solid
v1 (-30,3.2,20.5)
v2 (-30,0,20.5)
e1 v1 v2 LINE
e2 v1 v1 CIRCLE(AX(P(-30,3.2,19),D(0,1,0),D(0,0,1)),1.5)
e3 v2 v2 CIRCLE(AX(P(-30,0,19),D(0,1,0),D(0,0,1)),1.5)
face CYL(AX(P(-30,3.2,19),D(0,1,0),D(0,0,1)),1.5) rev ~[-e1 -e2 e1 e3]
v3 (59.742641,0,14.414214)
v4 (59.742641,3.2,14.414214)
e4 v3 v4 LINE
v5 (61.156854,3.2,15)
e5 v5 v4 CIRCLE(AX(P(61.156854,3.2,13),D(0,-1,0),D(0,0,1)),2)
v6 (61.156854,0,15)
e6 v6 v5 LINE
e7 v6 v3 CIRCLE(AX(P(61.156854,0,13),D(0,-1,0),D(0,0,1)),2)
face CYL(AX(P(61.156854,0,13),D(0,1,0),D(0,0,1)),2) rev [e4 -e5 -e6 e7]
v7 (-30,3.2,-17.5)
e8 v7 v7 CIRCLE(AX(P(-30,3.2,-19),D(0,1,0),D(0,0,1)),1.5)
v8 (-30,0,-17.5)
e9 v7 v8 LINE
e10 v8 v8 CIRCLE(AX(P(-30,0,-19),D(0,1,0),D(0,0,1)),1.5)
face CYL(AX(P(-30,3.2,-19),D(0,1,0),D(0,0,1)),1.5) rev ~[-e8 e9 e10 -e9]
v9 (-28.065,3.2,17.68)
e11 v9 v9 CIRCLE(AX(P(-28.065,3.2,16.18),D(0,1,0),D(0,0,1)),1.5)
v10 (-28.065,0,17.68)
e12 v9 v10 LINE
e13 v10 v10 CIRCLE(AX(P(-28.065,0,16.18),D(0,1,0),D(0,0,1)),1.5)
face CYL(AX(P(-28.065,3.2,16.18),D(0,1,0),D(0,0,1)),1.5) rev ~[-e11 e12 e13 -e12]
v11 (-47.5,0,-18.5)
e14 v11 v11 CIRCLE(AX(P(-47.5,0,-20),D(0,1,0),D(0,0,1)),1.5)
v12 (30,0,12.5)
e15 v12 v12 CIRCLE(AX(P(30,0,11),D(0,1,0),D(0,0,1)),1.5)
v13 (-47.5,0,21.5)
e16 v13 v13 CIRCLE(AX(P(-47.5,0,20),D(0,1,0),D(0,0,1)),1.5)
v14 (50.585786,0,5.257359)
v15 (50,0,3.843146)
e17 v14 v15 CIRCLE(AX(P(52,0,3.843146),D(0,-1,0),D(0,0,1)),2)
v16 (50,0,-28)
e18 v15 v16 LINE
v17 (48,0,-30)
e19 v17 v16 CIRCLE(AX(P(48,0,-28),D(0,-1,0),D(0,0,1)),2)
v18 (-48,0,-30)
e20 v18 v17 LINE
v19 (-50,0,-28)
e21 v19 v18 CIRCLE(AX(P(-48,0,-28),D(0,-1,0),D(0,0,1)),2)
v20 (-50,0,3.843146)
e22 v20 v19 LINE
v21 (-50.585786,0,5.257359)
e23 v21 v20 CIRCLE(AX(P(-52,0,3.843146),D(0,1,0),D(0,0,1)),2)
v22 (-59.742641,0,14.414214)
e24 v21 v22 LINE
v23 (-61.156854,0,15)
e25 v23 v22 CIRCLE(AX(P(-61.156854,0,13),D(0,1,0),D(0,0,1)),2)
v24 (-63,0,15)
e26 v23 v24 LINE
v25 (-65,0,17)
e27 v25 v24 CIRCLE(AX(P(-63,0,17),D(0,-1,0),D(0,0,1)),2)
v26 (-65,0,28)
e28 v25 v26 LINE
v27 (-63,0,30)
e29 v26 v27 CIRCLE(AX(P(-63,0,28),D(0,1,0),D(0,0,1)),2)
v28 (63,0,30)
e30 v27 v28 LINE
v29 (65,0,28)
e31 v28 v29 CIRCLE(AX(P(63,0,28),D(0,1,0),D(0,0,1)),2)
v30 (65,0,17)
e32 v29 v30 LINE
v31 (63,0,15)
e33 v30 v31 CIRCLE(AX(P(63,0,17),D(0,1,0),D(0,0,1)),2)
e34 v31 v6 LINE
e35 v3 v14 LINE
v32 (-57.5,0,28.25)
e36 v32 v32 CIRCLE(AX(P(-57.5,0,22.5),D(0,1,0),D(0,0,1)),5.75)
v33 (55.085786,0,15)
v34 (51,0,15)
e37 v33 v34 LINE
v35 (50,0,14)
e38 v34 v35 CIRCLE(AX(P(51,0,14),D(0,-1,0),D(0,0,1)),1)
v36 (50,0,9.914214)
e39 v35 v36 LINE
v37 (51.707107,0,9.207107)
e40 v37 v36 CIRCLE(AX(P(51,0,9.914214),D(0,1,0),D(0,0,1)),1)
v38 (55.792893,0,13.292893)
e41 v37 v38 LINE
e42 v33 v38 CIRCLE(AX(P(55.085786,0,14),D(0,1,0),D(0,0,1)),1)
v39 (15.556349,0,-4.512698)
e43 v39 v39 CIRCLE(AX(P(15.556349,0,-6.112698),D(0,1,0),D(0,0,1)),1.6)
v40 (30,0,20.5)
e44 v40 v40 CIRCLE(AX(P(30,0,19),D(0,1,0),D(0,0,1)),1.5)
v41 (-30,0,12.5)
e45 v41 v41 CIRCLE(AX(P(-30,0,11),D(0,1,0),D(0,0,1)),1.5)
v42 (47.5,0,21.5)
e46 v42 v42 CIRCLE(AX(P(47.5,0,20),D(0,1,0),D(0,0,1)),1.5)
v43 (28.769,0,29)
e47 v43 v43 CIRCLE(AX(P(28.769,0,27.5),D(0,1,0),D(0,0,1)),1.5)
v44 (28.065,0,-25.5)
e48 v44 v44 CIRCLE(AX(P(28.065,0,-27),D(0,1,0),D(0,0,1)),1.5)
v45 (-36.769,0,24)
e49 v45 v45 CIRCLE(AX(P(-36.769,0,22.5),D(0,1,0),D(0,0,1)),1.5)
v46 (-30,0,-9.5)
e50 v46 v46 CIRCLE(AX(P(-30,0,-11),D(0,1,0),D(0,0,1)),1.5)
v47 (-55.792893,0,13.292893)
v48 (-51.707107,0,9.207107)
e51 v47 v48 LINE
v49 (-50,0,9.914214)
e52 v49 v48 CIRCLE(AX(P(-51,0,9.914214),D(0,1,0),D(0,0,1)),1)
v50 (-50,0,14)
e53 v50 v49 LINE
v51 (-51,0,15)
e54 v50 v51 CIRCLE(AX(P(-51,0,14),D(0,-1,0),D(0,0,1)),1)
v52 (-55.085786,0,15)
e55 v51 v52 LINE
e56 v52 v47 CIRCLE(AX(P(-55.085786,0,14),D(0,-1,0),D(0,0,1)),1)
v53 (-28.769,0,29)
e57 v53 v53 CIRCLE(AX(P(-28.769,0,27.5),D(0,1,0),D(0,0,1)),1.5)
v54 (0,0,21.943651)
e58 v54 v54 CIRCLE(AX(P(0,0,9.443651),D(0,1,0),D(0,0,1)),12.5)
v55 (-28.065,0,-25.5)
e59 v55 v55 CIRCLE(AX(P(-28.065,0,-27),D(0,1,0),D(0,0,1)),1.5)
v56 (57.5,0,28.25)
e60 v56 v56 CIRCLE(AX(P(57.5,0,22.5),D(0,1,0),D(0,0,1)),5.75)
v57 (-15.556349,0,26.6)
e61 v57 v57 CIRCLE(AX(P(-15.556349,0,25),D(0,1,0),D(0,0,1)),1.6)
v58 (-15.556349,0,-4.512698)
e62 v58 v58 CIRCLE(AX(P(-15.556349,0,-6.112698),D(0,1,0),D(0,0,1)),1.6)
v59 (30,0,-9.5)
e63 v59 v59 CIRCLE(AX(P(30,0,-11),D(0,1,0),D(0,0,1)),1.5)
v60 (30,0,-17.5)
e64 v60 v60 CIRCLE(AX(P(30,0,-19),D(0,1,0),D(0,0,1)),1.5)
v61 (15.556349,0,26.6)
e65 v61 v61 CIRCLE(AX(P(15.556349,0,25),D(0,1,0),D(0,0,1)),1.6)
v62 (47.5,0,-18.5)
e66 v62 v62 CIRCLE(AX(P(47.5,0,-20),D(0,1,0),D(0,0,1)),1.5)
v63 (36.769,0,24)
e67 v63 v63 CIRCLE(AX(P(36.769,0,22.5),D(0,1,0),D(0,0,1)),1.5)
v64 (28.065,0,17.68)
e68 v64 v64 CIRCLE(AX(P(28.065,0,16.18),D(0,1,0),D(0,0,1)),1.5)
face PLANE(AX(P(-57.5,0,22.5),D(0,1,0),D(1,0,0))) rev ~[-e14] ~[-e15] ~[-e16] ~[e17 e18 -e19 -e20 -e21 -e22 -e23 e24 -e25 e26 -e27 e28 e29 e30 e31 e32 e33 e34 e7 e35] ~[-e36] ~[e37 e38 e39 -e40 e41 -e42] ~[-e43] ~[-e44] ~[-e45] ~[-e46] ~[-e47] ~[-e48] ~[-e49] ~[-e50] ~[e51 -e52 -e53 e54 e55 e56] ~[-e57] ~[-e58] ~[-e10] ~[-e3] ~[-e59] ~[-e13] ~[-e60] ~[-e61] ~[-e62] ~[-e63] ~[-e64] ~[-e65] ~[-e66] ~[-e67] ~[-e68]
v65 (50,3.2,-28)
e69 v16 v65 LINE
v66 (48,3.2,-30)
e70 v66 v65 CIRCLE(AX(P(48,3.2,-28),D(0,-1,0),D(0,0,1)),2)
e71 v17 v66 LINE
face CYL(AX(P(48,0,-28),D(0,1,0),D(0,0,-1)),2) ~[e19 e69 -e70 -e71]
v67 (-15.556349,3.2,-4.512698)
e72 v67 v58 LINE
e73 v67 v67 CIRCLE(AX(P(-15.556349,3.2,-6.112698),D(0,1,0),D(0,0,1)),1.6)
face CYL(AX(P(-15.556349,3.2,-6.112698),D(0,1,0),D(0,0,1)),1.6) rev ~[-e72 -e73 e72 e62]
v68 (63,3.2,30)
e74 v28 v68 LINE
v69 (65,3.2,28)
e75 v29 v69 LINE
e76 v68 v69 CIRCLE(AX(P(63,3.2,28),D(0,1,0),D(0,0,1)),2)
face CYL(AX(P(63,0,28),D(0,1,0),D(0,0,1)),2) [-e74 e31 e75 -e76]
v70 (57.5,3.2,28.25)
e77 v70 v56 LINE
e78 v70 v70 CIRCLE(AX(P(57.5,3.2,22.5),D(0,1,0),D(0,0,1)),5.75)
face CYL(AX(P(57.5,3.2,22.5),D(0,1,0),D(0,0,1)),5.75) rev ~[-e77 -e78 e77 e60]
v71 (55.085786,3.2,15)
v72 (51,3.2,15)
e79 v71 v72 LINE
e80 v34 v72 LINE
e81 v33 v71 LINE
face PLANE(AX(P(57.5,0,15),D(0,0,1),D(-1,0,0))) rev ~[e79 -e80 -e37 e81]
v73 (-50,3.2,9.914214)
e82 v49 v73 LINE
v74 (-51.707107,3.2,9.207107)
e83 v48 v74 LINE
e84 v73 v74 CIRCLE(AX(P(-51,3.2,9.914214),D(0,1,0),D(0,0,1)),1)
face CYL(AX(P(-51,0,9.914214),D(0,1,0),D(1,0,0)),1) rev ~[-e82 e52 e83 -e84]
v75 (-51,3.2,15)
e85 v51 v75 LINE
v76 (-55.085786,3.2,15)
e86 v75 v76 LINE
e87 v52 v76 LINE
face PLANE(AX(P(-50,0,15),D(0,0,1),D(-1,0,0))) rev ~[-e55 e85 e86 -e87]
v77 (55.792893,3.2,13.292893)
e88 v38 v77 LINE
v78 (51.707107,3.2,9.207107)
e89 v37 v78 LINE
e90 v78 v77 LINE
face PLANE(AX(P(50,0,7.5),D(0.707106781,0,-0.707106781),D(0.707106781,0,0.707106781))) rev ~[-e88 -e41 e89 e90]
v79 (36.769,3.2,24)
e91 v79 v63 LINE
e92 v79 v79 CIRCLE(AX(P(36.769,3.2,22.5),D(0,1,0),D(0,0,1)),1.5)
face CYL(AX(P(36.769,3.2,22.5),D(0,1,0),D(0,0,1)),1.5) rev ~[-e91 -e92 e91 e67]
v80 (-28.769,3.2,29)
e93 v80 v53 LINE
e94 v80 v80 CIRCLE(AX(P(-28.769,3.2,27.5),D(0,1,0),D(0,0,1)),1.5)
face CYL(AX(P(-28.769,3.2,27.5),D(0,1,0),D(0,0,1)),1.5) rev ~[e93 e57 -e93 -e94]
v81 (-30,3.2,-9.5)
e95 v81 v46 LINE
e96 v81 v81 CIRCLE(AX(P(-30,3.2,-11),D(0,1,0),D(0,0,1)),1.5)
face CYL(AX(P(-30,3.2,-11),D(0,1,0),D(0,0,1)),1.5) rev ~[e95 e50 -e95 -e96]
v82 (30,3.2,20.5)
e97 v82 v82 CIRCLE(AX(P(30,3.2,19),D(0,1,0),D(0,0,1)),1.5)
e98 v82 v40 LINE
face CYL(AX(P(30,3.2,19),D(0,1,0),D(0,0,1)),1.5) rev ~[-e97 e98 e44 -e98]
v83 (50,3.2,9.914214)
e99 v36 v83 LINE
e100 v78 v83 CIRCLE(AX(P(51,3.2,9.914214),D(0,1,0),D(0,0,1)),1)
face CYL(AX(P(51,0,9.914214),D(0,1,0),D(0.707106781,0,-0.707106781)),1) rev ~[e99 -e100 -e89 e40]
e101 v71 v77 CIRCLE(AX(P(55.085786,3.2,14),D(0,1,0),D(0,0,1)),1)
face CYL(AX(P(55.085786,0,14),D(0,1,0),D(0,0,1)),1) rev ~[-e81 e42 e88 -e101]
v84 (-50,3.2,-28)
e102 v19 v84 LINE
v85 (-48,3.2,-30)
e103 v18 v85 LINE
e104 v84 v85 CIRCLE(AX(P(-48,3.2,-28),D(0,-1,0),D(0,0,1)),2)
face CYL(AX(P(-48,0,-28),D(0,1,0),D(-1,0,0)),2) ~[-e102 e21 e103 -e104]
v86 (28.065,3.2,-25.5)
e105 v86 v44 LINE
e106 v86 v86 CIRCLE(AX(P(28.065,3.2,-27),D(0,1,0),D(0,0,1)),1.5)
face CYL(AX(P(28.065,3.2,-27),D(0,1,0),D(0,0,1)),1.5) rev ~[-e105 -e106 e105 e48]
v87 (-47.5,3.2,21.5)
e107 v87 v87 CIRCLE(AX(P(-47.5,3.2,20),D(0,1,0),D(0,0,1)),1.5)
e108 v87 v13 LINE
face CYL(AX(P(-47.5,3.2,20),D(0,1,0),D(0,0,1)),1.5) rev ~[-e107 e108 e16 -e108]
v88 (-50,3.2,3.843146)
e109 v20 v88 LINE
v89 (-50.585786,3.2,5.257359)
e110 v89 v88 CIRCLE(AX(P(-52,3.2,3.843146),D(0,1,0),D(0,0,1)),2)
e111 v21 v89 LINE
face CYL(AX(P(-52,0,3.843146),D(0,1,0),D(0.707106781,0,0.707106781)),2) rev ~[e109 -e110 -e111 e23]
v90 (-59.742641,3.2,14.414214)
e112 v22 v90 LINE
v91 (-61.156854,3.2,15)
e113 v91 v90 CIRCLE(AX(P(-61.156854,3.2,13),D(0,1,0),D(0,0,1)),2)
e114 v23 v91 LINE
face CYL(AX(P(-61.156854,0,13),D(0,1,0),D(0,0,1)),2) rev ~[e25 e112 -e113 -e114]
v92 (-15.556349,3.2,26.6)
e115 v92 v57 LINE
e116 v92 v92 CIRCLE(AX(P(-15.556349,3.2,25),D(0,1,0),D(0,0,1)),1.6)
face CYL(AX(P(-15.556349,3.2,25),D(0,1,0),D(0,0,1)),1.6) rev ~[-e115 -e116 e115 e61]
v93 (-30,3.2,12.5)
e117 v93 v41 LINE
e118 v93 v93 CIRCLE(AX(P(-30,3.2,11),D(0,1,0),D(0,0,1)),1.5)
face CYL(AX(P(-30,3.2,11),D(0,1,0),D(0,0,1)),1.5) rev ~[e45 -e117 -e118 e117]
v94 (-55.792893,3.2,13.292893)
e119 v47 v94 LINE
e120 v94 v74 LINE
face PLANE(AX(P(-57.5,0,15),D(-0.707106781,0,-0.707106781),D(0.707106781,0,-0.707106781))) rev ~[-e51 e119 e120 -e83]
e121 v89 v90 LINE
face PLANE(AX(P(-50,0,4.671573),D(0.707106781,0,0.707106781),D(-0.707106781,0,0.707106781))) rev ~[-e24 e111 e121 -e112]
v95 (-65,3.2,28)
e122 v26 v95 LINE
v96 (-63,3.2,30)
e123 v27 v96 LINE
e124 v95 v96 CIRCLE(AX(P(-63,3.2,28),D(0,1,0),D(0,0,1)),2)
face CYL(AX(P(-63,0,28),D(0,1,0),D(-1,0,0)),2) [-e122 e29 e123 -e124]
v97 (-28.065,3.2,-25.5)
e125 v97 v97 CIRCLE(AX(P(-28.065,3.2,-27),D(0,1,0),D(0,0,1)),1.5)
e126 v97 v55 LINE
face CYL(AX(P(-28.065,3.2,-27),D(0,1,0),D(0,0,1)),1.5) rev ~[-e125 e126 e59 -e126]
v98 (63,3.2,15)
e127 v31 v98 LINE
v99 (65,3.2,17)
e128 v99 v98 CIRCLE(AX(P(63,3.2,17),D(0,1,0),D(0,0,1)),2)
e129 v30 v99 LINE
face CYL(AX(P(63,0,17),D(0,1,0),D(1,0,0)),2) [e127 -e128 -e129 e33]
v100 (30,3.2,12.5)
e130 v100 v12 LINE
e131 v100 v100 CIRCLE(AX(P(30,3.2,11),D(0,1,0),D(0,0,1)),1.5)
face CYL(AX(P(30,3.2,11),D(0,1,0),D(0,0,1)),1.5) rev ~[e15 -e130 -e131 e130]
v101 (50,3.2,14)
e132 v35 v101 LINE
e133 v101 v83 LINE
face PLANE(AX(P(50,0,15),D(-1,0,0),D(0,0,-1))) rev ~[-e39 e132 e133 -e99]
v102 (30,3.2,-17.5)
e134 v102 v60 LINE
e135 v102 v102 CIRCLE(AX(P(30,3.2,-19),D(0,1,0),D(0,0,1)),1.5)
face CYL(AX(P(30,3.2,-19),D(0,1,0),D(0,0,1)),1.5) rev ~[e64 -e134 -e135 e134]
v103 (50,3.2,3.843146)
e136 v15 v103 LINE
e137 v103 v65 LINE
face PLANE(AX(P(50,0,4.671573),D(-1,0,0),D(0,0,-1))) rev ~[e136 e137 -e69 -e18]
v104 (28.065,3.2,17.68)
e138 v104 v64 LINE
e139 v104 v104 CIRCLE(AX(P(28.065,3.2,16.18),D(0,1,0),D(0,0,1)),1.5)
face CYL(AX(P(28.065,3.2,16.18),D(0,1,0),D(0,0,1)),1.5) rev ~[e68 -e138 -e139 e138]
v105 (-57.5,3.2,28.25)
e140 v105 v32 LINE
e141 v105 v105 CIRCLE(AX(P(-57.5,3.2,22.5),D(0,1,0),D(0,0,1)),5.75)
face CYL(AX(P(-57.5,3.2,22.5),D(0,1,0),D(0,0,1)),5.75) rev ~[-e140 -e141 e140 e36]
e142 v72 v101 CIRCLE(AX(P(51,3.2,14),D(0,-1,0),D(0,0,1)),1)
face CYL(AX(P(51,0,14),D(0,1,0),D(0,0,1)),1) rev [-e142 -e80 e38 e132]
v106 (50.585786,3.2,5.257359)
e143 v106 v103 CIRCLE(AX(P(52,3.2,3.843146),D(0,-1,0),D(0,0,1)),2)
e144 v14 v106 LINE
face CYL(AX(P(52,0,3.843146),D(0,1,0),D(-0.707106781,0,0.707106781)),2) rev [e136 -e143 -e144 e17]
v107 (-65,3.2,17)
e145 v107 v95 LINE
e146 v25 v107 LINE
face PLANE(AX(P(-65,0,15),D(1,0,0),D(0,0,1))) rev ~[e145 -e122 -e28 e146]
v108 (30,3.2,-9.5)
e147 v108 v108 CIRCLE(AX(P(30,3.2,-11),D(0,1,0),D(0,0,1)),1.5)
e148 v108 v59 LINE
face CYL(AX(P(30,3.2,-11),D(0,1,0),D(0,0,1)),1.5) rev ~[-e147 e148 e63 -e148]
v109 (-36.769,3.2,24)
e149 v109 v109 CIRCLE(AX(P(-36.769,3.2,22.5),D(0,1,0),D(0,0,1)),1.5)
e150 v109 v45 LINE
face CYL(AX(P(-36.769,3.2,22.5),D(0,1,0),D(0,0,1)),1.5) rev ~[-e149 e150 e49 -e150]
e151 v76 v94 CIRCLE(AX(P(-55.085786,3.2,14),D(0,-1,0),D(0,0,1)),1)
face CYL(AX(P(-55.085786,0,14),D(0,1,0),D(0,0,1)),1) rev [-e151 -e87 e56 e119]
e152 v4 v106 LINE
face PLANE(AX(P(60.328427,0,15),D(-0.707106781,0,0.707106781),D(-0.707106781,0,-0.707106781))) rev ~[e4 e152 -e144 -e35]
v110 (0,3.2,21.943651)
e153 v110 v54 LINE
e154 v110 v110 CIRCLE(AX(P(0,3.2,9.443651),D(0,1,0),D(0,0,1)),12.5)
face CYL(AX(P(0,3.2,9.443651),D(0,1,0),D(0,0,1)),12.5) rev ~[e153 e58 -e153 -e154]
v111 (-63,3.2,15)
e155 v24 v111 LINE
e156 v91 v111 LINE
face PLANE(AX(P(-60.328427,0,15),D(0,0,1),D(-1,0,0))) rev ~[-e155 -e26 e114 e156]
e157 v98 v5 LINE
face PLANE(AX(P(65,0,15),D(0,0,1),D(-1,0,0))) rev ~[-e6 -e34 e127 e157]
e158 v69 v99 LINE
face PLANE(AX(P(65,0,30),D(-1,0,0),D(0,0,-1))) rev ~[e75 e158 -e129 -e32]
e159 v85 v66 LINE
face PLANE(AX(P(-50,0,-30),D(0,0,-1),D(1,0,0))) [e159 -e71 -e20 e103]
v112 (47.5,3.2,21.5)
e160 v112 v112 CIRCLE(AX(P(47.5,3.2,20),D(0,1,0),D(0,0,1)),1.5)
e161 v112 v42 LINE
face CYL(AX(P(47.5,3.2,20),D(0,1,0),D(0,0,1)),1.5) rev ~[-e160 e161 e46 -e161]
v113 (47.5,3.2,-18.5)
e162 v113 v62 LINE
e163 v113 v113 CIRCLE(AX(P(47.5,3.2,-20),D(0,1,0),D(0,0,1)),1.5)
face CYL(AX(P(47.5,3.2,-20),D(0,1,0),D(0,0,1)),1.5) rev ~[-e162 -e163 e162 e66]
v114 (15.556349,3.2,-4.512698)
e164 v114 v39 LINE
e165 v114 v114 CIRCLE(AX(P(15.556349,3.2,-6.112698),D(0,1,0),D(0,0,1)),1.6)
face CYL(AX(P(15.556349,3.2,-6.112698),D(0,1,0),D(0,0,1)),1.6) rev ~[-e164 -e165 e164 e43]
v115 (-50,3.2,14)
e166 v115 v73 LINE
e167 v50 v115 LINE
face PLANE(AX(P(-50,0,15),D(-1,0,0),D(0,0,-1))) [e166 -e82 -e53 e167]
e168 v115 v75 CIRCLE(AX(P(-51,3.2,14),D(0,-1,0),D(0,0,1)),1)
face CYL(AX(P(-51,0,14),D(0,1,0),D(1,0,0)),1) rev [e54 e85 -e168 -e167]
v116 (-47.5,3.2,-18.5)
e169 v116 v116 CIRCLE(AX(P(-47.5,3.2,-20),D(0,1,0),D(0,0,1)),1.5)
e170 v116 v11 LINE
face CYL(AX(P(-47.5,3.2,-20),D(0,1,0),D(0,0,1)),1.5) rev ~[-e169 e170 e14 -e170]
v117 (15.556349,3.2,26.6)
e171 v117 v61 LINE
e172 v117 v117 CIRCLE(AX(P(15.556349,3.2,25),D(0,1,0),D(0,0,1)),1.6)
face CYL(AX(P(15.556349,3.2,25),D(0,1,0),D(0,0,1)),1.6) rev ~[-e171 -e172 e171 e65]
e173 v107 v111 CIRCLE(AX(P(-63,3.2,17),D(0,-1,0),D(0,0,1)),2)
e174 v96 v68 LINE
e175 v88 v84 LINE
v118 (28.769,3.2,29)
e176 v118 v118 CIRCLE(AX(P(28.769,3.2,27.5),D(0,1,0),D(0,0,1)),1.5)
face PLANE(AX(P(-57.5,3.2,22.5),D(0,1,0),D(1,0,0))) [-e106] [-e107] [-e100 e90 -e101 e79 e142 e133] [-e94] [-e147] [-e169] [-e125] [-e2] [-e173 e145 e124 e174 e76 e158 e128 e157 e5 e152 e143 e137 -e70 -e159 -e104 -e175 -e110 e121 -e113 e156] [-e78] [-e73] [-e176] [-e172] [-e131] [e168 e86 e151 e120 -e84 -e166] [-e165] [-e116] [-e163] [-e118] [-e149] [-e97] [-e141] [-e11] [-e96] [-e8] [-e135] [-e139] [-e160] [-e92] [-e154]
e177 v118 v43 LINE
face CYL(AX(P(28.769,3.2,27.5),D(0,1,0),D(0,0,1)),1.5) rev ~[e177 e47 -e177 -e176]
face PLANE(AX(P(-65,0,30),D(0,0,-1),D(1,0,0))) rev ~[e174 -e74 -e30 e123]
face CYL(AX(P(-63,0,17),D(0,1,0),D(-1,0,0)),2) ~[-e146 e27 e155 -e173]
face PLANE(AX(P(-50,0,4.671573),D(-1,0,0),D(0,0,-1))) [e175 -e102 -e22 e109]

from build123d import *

# Parameters (mm, degrees)
SKETCH_1_W          = 100
SKETCH_1_H          = 60
EXTRUDE_1_DEPTH     = 3.2
SKETCH_2_R          = 12.5
SKETCH_2_R_2        = 1.6
SKETCH_2_R_3        = 1.5
SKETCH_2_R_4        = 5.75
CUT_EXTRUDE_1_DEPTH = 3.2
FILLET_1_R          = 2
FILLET_2_R          = 1


with BuildPart() as part:
    # 草图1 → 凸台-拉伸1 (new body)
    with BuildSketch(Plane(origin=(0, 0, 0), x_dir=(1, 0, 0), z_dir=(0, 1, 0))):
        Polygon((-57.5, -15), (-60.328427125, -15), (-65, -15), (-65, -30), (-50, -30), (-50, -15), align=None)
        Rectangle(SKETCH_1_W, SKETCH_1_H)
        Polygon((-50, -7.5), (-50, -4.671572875), (-60.328427125, -15), (-57.5, -15), align=None)
        Polygon((65, -15), (60.328427125, -15), (57.5, -15), (50, -15), (50, -30), (65, -30), align=None)
        Polygon((60.328427125, -15), (50, -4.671572875), (50, -7.5), (57.5, -15), align=None)
    extrude(amount=EXTRUDE_1_DEPTH)

    # 草图2 → 切除-拉伸1 (cut)
    with BuildSketch(Plane(origin=(0, 3.2, 0), x_dir=(1, 0, 0), z_dir=(0, 1, 0))):
        with Locations(Location((0, -9.443650814, 0), (0, 0, 270))):
            Circle(SKETCH_2_R)
        with Locations(Location((15.556349186, -25, 0), (0, 0, 270))):
            Circle(SKETCH_2_R_2)
        with Locations(Location((15.556349186, 6.112698372, 0), (0, 0, 270))):
            Circle(SKETCH_2_R_2)
        with Locations(Location((-15.556349186, 6.112698372, 0), (0, 0, 270))):
            Circle(SKETCH_2_R_2)
        with Locations(Location((-15.556349186, -25, 0), (0, 0, 270))):
            Circle(SKETCH_2_R_2)
        with Locations(Location((-47.5, 20, 0), (0, 0, 270))):
            Circle(SKETCH_2_R_3)
        with Locations(Location((-47.5, -20, 0), (0, 0, 270))):
            Circle(SKETCH_2_R_3)
        with Locations(Location((47.5, -20, 0), (0, 0, 270))):
            Circle(SKETCH_2_R_3)
        with Locations(Location((47.5, 20, 0), (0, 0, 270))):
            Circle(SKETCH_2_R_3)
        with Locations(Location((-57.5, -22.5, 0), (0, 0, 270))):
            Circle(SKETCH_2_R_4)
        with Locations(Location((57.5, -22.5, 0), (0, 0, 270))):
            Circle(SKETCH_2_R_4)
        with Locations(Location((30, 19, 0), (0, 0, 270))):
            Circle(SKETCH_2_R_3)
        with Locations(Location((30, 11, 0), (0, 0, 270))):
            Circle(SKETCH_2_R_3)
        with Locations(Location((-30, 11, 0), (0, 0, 270))):
            Circle(SKETCH_2_R_3)
        with Locations(Location((-30, 19, 0), (0, 0, 270))):
            Circle(SKETCH_2_R_3)
        with Locations(Location((30, -11, 0), (0, 0, 270))):
            Circle(SKETCH_2_R_3)
        with Locations(Location((30, -19, 0), (0, 0, 270))):
            Circle(SKETCH_2_R_3)
        with Locations(Location((-30, -19, 0), (0, 0, 270))):
            Circle(SKETCH_2_R_3)
        with Locations(Location((-30, -11, 0), (0, 0, 270))):
            Circle(SKETCH_2_R_3)
        with Locations(Location((-28.065, 27, 0), (0, 0, 270))):
            Circle(SKETCH_2_R_3)
        with Locations(Location((28.065, 27, 0), (0, 0, 270))):
            Circle(SKETCH_2_R_3)
        with Locations(Location((-28.065, -16.18, 0), (0, 0, 270))):
            Circle(SKETCH_2_R_3)
        with Locations(Location((28.065, -16.18, 0), (0, 0, 270))):
            Circle(SKETCH_2_R_3)
        with Locations(Location((-28.769, -27.5, 0), (0, 0, 270))):
            Circle(SKETCH_2_R_3)
        with Locations(Location((28.769, -27.5, 0), (0, 0, 270))):
            Circle(SKETCH_2_R_3)
        with Locations(Location((-36.769, -22.5, 0), (0, 0, 270))):
            Circle(SKETCH_2_R_3)
        with Locations(Location((36.769, -22.5, 0), (0, 0, 270))):
            Circle(SKETCH_2_R_3)
    extrude(amount=-CUT_EXTRUDE_1_DEPTH, mode=Mode.SUBTRACT)

    # 圆角1
    fillet_1_edges = [part.edges().sort_by_distance(p)[0] for p in [
        (-60.328427125, 1.6, 15),
        (-50, 1.6, 4.671572875),
        (-50, 1.6, -30),
        (50, 1.6, -30),
        (50, 1.6, 4.671572875),
        (60.328427125, 1.6, 15),
        (65, 1.6, 15),
        (65, 1.6, 30),
        (-65, 1.6, 30),
        (-65, 1.6, 15),
    ]]
    fillet(fillet_1_edges, radius=FILLET_1_R)

    # 圆角2
    fillet_2_edges = [part.edges().sort_by_distance(p)[0] for p in [
        (-57.5, 1.6, 15),
        (-50, 1.6, 15),
        (-50, 1.6, 7.5),
        (50, 1.6, 7.5),
        (50, 1.6, 15),
        (57.5, 1.6, 15),
    ]]
    fillet(fillet_2_edges, radius=FILLET_2_R)


solid = part.part
